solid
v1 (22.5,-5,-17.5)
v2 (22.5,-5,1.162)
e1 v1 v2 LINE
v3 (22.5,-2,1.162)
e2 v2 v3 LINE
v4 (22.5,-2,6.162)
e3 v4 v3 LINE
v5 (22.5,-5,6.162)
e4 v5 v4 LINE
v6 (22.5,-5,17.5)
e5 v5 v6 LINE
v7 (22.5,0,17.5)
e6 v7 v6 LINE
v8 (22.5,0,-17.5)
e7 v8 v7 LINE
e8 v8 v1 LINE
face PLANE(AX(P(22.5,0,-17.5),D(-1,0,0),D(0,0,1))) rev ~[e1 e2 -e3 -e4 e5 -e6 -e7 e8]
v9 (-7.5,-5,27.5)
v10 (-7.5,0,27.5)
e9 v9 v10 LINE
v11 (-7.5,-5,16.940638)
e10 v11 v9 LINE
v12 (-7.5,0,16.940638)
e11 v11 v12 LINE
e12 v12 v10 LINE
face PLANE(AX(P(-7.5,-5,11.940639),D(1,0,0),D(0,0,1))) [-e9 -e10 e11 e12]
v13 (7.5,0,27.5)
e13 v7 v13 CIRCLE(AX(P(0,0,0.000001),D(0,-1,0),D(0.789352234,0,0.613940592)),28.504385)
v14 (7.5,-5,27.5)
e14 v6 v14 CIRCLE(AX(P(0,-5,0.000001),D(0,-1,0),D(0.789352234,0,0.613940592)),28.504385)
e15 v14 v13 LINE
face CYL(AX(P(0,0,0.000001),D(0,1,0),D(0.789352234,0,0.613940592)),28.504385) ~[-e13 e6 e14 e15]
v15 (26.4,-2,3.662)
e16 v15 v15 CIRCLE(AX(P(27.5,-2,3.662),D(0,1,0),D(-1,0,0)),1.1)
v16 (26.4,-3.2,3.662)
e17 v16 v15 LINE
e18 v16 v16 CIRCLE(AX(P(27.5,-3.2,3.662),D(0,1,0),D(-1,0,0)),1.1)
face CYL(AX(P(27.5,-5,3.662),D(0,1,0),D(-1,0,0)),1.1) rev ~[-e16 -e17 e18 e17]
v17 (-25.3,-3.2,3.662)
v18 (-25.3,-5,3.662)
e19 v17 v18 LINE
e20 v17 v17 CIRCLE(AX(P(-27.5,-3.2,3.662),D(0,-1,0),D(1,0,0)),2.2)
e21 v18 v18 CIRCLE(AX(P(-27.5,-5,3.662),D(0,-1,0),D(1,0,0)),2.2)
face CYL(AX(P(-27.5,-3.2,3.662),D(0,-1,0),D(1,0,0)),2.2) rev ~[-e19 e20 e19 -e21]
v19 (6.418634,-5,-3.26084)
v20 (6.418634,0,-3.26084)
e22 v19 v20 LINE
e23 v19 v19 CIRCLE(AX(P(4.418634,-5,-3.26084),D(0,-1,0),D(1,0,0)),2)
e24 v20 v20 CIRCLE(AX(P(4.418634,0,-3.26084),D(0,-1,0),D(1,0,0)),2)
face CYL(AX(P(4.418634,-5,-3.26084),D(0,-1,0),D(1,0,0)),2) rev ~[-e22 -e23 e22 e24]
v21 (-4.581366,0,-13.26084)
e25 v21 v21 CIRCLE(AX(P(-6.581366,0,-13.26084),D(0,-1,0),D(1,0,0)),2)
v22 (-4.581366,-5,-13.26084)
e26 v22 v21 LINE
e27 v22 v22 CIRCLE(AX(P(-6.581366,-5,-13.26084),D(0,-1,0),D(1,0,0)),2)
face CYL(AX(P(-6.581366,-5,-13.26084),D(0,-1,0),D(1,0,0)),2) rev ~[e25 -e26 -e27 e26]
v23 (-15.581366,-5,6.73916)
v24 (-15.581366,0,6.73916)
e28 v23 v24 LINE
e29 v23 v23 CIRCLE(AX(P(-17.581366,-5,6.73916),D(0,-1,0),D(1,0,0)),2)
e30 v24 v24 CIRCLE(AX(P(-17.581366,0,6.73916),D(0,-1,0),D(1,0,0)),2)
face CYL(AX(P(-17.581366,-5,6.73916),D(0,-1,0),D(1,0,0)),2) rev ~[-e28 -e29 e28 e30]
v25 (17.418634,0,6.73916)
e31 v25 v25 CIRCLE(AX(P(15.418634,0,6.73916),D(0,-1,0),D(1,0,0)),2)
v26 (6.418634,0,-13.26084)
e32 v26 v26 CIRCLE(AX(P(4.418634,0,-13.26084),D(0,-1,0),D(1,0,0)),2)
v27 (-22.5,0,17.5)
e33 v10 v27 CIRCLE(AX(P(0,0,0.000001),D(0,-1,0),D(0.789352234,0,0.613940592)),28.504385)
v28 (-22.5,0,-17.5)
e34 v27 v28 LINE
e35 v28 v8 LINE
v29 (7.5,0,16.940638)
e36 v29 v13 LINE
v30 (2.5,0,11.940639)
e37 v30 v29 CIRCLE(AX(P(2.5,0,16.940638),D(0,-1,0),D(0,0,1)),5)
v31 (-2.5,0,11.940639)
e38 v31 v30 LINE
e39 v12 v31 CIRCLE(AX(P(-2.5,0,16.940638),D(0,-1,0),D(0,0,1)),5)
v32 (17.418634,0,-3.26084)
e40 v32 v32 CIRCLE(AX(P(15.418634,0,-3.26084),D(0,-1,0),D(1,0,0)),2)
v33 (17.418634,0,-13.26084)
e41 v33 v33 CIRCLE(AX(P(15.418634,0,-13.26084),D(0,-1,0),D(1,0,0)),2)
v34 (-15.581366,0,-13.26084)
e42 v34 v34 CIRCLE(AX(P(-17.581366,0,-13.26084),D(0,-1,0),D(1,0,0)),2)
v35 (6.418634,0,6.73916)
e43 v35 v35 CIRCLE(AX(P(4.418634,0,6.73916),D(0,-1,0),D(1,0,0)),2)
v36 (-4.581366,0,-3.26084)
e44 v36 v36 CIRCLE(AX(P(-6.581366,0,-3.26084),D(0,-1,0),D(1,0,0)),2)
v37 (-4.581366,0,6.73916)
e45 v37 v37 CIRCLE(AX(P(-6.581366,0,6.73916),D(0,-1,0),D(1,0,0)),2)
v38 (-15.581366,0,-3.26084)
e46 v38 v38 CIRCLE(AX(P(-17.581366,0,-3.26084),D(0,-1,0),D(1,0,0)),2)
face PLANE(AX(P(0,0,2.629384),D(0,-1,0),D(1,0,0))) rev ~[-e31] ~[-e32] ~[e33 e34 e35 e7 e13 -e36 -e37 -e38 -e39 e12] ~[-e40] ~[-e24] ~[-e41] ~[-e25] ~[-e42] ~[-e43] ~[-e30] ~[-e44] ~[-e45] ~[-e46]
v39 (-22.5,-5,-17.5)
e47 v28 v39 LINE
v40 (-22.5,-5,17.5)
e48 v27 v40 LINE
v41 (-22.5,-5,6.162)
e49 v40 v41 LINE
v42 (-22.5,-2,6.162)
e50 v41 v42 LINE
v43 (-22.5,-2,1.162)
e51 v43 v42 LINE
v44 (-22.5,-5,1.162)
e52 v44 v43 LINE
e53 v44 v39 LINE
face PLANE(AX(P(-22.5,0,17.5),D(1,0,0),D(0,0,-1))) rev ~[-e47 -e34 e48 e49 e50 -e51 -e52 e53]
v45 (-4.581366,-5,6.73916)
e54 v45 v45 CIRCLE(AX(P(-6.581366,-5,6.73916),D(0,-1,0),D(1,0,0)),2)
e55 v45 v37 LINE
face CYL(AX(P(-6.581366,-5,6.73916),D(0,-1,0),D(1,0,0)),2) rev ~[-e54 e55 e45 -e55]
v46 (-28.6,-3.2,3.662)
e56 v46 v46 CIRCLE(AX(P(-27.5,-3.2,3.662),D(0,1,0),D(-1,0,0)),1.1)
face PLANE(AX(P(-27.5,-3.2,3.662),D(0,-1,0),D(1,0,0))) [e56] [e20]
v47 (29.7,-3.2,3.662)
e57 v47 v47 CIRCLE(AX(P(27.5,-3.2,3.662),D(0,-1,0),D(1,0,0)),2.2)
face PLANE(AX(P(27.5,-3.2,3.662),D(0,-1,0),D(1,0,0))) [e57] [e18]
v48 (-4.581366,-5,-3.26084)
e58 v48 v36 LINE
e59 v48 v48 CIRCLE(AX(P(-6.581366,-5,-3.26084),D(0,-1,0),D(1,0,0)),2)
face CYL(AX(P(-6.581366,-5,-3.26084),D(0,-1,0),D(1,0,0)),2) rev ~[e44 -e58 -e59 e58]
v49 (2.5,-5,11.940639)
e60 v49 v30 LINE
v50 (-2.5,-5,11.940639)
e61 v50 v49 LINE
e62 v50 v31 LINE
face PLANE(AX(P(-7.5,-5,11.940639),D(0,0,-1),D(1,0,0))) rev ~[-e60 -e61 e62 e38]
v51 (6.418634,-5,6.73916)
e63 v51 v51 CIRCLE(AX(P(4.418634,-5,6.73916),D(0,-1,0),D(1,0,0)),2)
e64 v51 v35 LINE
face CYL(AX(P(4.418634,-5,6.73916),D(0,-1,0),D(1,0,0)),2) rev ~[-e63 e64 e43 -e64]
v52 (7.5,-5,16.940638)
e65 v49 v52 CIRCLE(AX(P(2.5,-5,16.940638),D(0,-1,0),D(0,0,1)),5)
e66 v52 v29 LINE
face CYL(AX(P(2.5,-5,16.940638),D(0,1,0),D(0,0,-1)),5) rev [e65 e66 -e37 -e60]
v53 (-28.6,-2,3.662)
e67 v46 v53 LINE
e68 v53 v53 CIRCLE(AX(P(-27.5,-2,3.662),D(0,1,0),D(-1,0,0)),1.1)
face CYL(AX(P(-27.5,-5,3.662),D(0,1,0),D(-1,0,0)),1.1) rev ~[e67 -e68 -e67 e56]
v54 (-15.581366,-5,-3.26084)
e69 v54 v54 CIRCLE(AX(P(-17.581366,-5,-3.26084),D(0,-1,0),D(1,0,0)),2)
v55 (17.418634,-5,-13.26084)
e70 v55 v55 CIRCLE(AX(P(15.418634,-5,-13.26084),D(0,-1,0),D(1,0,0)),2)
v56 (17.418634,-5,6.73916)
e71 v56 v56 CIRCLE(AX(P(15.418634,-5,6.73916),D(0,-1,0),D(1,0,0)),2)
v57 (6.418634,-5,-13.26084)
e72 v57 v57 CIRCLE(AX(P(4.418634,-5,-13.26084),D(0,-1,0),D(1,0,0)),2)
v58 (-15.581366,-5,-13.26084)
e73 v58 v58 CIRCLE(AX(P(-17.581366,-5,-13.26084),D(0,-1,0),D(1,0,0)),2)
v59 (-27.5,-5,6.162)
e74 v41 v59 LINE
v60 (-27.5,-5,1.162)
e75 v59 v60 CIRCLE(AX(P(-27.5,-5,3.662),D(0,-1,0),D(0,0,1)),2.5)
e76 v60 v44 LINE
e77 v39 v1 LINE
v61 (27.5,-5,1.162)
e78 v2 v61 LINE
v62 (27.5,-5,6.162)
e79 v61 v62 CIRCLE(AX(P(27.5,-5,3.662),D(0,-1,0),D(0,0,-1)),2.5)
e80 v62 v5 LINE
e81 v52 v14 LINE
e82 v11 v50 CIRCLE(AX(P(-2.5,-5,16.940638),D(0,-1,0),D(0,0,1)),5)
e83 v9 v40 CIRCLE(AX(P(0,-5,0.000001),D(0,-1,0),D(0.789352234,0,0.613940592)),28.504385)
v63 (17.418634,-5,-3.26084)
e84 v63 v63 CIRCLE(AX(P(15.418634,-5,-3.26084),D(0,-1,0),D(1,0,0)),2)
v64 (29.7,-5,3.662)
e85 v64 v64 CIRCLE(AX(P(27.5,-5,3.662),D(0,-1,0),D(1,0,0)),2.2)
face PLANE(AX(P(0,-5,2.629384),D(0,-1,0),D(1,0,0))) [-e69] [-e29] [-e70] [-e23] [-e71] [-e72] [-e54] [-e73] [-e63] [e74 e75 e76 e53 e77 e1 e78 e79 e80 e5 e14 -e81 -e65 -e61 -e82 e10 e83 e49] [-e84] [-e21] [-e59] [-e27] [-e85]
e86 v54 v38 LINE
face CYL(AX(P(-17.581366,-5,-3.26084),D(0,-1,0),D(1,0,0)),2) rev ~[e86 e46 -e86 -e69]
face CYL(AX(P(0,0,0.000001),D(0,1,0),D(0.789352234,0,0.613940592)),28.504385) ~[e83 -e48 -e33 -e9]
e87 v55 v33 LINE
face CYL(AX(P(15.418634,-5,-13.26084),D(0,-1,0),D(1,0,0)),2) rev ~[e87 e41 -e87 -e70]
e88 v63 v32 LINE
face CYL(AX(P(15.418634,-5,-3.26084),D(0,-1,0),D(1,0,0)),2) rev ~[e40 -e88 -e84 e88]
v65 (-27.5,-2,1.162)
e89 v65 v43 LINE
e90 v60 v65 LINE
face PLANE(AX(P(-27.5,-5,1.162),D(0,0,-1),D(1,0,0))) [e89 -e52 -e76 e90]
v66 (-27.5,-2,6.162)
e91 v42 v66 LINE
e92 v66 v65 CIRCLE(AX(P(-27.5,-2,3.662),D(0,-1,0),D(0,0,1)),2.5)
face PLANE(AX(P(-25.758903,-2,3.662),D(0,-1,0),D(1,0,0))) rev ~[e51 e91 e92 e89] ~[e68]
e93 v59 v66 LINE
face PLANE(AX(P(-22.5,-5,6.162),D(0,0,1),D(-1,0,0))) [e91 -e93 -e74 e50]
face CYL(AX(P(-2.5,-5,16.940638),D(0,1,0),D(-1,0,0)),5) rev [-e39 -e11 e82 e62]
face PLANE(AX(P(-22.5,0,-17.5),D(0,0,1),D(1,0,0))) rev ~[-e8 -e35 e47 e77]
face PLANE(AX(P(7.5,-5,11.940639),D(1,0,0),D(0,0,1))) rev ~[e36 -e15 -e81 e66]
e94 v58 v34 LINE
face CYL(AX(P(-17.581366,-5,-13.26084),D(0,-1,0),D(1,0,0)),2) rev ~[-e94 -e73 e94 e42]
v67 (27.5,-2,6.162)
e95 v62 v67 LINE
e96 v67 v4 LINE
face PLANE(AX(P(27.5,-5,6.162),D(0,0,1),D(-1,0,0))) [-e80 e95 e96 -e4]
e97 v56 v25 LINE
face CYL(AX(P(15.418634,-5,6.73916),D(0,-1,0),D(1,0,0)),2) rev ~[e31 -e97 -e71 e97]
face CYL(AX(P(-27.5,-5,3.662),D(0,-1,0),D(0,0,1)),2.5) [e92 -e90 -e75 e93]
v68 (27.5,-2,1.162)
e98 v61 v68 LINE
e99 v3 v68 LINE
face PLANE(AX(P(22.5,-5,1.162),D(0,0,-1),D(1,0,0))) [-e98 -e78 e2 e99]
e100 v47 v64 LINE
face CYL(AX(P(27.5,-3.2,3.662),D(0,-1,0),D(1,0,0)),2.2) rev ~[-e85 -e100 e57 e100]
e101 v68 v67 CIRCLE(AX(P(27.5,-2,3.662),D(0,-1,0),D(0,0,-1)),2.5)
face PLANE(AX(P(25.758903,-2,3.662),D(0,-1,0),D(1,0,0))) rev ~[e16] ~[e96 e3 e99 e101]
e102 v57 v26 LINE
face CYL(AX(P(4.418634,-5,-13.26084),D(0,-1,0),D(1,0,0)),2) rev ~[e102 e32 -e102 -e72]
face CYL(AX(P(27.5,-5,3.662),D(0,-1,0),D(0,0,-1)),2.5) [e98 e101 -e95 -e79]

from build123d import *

# Parameters (mm, degrees)
F1_DEPTH       = 5
F2_W           = 15
F2_H           = 33.127493
F3_DEPTH       = 25
F4_R           = 5
F6_DEPTH       = 3
F7_D           = 2.2
F7_DEPTH       = 40
F7_CBORE_D     = 4.4
F7_CBORE_DEPTH = 1.8
F8_R           = 2
F9_DEPTH       = 25


with BuildPart() as f1:
    # F0 (on Front) → F1 (new body)
    with BuildSketch(Plane.XZ):
        with BuildLine():
            Line((-22.5, -17.5), (22.5, -17.5))
            Line((22.5, -17.5), (22.5, 17.5))
            ThreePointArc((22.5, 17.5), (0, 28.504386), (-22.5, 17.5))
            Line((-22.5, 17.5), (-22.5, -17.5))
        make_face()
    extrude(amount=F1_DEPTH)

    # F2 (on face) → F3 (cut)
    with BuildSketch(Plane.XZ.offset(5)):
        with Locations((0, 28.504385)):
            Rectangle(F2_W, F2_H)
    extrude(amount=-F3_DEPTH, mode=Mode.SUBTRACT)

    # F4
    f4_edges = [f1.edges().sort_by_distance(p)[0] for p in [
        (-7.5, -2.5, 11.940639),
        (7.5, -2.5, 11.940639),
    ]]
    fillet(f4_edges, radius=F4_R)

    # F5 (on face) → F6 (join)
    with BuildSketch(Plane.XZ.offset(5)):
        with BuildLine():
            Line((-22.5, 1.162), (-22.5, 6.162))
            Line((-22.5, 6.162), (-27.5, 6.162))
            ThreePointArc((-27.5, 6.162), (-30, 3.662), (-27.5, 1.162))
            Line((-27.5, 1.162), (-22.5, 1.162))
        make_face()
        with BuildLine():
            Line((22.5, 1.162), (27.5, 1.162))
            ThreePointArc((27.5, 1.162), (30, 3.662), (27.5, 6.162))
            Line((27.5, 6.162), (22.5, 6.162))
            Line((22.5, 6.162), (22.5, 1.162))
        make_face()
    extrude(amount=-F6_DEPTH)

    # F7
    with Locations(Plane.XZ.offset(5)):
        with Locations((-27.5, 3.662), (27.5, 3.662)):
            CounterBoreHole(F7_D / 2, F7_CBORE_D / 2, F7_CBORE_DEPTH, depth=F7_DEPTH)

    # F8 (on face) → F9 (cut)
    with BuildSketch(Plane.XZ.offset(5)):
        with Locations((-17.581366, -13.26084)):
            Circle(F8_R)
        with Locations((-17.581366, -3.26084)):
            Circle(F8_R)
        with Locations((-17.581366, 6.73916)):
            Circle(F8_R)
        with Locations((-6.581366, -13.26084)):
            Circle(F8_R)
        with Locations((-6.581366, -3.26084)):
            Circle(F8_R)
        with Locations((-6.581366, 6.73916)):
            Circle(F8_R)
        with Locations((4.418634, -13.26084)):
            Circle(F8_R)
        with Locations((4.418634, -3.26084)):
            Circle(F8_R)
        with Locations((4.418634, 6.73916)):
            Circle(F8_R)
        with Locations((15.418634, -13.26084)):
            Circle(F8_R)
        with Locations((15.418634, -3.26084)):
            Circle(F8_R)
        with Locations((15.418634, 6.73916)):
            Circle(F8_R)
    extrude(amount=-F9_DEPTH, mode=Mode.SUBTRACT)


solid = f1.part
